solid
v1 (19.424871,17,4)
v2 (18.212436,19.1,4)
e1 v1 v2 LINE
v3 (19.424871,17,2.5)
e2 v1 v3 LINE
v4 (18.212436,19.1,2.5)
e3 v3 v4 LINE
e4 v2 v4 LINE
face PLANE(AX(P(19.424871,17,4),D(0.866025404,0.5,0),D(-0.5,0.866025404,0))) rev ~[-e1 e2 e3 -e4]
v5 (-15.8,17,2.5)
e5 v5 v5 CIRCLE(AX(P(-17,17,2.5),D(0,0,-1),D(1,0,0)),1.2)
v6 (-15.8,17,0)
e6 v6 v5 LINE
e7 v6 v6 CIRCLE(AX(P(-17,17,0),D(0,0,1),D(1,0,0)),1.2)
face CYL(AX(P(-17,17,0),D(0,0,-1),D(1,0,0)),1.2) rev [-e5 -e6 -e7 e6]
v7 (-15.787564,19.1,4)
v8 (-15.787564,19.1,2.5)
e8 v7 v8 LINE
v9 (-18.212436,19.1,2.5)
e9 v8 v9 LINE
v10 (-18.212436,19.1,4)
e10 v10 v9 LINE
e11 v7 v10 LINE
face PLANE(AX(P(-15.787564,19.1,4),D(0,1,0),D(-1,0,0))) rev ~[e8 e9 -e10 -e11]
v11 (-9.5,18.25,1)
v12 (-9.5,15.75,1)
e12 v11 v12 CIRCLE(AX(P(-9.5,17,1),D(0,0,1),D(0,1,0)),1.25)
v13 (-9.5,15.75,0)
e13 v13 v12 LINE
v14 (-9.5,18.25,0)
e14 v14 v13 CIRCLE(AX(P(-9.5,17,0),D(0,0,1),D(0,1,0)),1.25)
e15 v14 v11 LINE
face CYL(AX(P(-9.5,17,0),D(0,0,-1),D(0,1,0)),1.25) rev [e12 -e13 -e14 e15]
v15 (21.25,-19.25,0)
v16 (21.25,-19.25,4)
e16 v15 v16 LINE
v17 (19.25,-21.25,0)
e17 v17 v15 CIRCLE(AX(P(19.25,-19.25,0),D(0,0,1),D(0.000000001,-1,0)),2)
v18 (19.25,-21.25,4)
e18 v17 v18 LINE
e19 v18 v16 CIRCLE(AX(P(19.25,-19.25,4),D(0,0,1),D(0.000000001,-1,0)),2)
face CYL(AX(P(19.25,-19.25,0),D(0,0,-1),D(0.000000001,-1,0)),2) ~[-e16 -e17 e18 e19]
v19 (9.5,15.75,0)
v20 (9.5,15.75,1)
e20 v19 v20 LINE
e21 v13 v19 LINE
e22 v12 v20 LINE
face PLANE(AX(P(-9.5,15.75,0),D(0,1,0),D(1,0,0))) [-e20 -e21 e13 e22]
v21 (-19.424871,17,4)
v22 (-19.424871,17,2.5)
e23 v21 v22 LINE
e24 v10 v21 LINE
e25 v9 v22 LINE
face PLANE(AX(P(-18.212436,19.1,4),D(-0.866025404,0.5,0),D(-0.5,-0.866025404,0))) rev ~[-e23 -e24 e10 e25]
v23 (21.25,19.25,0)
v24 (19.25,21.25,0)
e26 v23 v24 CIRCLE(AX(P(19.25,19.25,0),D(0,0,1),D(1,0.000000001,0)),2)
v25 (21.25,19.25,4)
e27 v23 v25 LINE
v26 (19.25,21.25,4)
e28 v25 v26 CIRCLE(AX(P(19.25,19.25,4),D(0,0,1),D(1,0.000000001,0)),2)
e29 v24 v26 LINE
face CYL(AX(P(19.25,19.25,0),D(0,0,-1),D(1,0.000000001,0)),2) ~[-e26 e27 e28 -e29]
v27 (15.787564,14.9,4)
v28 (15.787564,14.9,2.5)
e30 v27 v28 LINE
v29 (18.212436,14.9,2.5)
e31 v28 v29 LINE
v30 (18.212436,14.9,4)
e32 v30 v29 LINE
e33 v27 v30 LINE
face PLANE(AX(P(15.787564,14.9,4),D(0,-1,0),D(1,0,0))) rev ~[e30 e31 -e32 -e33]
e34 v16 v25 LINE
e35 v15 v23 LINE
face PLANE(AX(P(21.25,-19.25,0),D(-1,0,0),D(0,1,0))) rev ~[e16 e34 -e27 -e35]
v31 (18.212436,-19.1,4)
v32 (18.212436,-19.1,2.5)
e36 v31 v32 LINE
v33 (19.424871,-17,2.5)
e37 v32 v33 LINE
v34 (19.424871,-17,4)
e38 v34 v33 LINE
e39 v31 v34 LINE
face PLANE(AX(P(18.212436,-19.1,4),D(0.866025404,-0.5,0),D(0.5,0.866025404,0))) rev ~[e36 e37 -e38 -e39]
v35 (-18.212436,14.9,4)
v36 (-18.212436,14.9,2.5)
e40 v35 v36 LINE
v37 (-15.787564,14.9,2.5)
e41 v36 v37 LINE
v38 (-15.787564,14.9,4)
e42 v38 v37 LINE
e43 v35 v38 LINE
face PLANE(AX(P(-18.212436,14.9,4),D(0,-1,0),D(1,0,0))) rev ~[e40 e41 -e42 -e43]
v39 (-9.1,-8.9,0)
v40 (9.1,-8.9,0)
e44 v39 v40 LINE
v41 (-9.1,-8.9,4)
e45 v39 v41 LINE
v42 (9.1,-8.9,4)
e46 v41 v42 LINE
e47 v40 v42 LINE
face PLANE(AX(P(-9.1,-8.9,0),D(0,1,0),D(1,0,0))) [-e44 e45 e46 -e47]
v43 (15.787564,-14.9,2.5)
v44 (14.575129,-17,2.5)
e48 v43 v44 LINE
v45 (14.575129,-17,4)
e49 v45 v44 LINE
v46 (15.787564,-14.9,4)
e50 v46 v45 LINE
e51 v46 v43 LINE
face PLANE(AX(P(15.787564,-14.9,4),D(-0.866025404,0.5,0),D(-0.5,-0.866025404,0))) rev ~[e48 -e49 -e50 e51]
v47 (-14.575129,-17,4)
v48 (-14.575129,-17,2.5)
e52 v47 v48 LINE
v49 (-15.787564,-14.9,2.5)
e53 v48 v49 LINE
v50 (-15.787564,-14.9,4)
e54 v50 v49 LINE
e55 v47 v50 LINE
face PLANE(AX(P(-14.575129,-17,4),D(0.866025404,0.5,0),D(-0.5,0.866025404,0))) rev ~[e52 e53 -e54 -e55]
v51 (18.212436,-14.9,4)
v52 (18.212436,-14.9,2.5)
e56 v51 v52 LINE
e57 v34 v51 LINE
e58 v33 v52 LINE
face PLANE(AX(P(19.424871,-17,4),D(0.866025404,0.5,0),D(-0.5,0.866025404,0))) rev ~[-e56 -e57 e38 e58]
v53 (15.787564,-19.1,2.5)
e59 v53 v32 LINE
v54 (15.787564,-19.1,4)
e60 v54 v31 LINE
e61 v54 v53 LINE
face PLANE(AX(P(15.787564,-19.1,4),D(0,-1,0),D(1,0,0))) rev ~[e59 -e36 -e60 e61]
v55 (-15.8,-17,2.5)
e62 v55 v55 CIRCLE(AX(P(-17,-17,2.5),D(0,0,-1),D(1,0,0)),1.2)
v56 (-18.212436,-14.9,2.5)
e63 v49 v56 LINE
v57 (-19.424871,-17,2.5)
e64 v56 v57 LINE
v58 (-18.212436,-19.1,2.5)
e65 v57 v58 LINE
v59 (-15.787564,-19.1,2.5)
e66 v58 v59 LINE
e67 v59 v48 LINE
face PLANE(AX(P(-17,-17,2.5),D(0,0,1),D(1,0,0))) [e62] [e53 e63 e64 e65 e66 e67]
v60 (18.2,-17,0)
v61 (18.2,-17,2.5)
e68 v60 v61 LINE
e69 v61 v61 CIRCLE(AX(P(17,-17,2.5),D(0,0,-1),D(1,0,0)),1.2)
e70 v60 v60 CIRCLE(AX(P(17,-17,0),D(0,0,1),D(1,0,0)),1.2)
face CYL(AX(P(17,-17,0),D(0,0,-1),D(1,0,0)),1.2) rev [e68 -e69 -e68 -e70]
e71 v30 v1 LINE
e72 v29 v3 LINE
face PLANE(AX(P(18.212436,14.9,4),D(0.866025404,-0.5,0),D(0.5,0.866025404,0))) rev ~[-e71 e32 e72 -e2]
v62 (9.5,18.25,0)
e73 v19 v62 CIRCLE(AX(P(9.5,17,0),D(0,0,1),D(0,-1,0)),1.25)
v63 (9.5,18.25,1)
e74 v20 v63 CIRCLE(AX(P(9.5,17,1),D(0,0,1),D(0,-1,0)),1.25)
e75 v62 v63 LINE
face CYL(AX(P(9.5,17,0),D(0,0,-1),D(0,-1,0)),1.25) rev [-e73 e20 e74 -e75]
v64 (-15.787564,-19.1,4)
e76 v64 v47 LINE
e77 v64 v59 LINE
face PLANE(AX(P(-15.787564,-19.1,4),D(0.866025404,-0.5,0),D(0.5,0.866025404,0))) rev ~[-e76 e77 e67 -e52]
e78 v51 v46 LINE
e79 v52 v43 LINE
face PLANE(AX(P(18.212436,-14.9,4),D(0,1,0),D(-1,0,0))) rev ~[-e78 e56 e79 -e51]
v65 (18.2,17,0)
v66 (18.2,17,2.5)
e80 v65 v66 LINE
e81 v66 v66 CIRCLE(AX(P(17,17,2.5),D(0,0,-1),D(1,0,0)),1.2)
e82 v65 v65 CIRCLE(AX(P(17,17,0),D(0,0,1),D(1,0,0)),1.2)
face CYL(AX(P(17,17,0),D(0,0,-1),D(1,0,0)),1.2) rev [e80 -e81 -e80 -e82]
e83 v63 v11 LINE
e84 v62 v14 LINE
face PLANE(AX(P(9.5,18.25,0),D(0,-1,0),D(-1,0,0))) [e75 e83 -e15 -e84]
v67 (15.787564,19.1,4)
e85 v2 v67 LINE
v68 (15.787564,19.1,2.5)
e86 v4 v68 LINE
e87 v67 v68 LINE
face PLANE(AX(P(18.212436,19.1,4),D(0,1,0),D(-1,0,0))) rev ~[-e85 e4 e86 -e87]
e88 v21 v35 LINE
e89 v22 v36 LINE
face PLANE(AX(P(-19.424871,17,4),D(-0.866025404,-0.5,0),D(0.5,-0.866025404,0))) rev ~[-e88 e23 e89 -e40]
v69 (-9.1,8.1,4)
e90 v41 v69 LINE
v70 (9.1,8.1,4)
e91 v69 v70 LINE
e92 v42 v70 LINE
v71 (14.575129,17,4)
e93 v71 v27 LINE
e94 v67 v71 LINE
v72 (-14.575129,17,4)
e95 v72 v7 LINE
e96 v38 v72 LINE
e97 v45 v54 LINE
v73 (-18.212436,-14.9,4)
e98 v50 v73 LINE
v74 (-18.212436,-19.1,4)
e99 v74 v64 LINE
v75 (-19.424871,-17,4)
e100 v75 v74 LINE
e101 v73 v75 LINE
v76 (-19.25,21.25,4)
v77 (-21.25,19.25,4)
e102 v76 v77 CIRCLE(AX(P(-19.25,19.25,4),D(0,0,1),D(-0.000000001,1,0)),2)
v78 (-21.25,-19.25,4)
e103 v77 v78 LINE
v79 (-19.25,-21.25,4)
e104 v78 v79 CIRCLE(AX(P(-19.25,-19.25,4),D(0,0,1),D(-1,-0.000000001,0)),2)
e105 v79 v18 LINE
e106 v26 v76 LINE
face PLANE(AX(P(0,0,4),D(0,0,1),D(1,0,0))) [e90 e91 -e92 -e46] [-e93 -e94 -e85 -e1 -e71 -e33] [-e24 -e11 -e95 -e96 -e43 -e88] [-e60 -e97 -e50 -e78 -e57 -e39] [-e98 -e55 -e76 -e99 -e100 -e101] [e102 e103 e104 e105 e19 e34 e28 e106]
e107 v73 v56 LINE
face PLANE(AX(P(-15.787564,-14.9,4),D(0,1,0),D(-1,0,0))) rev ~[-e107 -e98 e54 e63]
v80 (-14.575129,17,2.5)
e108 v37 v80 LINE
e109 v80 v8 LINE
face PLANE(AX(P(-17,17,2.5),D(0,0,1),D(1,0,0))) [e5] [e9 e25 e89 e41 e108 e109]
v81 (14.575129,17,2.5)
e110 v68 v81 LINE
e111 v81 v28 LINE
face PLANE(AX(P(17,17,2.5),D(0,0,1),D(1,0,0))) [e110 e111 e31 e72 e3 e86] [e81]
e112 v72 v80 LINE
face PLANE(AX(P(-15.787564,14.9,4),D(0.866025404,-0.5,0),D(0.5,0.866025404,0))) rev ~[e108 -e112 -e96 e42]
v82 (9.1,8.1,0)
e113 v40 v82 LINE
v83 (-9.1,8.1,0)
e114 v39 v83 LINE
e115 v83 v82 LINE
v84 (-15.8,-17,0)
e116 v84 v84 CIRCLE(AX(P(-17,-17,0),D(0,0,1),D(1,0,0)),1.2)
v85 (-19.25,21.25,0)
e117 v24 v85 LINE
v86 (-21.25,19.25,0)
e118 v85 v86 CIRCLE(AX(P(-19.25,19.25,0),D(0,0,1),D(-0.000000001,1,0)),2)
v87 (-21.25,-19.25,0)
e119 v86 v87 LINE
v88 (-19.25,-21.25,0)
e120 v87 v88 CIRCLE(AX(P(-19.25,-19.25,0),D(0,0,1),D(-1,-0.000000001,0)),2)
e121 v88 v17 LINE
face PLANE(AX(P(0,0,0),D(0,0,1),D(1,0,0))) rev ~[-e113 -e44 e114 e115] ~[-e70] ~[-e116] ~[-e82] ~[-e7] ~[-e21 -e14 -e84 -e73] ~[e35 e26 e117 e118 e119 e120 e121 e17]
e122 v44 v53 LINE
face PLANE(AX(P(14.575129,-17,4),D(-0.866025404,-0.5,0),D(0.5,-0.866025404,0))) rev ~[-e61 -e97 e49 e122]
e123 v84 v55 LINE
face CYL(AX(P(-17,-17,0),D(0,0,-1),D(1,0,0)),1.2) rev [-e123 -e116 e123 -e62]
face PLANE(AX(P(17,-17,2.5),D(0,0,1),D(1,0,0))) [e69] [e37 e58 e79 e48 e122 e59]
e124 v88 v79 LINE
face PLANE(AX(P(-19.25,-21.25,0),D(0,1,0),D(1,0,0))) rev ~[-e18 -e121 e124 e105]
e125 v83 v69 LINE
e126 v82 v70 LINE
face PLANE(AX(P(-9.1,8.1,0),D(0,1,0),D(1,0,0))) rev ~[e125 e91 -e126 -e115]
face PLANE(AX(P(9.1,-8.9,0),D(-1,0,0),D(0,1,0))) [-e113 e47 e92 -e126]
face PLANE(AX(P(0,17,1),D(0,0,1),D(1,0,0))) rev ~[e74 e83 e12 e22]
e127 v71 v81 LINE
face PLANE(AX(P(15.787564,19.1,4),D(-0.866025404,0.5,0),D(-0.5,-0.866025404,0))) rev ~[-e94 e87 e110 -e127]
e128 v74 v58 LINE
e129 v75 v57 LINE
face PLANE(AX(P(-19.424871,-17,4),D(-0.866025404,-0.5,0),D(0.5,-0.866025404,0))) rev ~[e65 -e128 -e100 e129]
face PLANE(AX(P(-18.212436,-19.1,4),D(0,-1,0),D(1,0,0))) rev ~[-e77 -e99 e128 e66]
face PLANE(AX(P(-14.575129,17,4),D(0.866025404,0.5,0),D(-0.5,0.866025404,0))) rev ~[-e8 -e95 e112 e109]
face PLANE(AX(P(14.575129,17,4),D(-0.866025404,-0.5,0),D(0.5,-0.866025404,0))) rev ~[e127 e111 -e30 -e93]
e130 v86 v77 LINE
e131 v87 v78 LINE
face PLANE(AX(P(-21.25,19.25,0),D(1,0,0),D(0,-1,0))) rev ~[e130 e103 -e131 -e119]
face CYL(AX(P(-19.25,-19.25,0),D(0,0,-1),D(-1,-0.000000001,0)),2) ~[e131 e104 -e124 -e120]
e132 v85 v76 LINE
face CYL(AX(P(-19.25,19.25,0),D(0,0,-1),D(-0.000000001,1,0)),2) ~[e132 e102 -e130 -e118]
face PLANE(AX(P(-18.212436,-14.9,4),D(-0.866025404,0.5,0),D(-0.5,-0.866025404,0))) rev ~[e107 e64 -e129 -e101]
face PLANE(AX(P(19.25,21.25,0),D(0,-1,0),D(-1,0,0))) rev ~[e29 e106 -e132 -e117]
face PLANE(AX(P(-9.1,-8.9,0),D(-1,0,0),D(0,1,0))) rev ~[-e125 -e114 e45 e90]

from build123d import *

# Parameters (mm, degrees)
SKETCH1_R           = 1.2
SKETCH1_W           = 18.2
SKETCH1_H           = 17
BOSS_EXTRUDE1_DEPTH = 4
CUT_EXTRUDE3_DEPTH  = 1
CUT_EXTRUDE4_DEPTH  = 1.5


with BuildPart() as part:
    # Sketch1 → Boss-Extrude1 (new body)
    with BuildSketch(Plane.XY):
        with BuildLine():
            Line((21.25, -19.25), (21.25, 19.25))
            ThreePointArc((21.25, 19.25), (20.664213562, 20.664213562), (19.25, 21.25))
            Line((19.25, 21.25), (-19.25, 21.25))
            ThreePointArc((-19.25, 21.25), (-20.664213562, 20.664213562), (-21.25, 19.25))
            Line((-21.25, 19.25), (-21.25, -19.25))
            ThreePointArc((-21.25, -19.25), (-20.664213562, -20.664213562), (-19.25, -21.25))
            Line((-19.25, -21.25), (19.25, -21.25))
            ThreePointArc((19.25, -21.25), (20.664213562, -20.664213562), (21.25, -19.25))
        make_face()
        with Locations((-17, -17)):
            Circle(SKETCH1_R, mode=Mode.SUBTRACT)
        with Locations((17, -17)):
            Circle(SKETCH1_R, mode=Mode.SUBTRACT)
        with Locations((17, 17)):
            Circle(SKETCH1_R, mode=Mode.SUBTRACT)
        with Locations((-17, 17)):
            Circle(SKETCH1_R, mode=Mode.SUBTRACT)
        with Locations((0, -0.4)):
            Rectangle(SKETCH1_W, SKETCH1_H, mode=Mode.SUBTRACT)
    extrude(amount=BOSS_EXTRUDE1_DEPTH)

    # Sketch2 → Cut-Extrude3 (cut)
    with BuildSketch(Plane(origin=(0, 0, 0), x_dir=(-1, 0, 0), z_dir=(0, 0, -1))):
        with BuildLine():
            Line((-9.5, 18.25), (9.5, 18.25))
            ThreePointArc((9.5, 18.25), (10.75, 17), (9.5, 15.75))
            Line((9.5, 15.75), (-9.5, 15.75))
            ThreePointArc((-9.5, 15.75), (-10.75, 17), (-9.5, 18.25))
        make_face()
    extrude(amount=-CUT_EXTRUDE3_DEPTH, mode=Mode.SUBTRACT)

    # Sketch3 → Cut-Extrude4 (cut)
    with BuildSketch(Plane.XY.offset(4)):
        Polygon((-18.212435565, -14.9), (-19.424871131, -17), (-18.212435565, -19.1), (-15.787564435, -19.1), (-14.575128869, -17), (-15.787564435, -14.9), align=None)
        Polygon((15.787564435, -14.9), (14.575128869, -17), (15.787564435, -19.1), (18.212435565, -19.1), (19.424871131, -17), (18.212435565, -14.9), align=None)
        Polygon((-18.212435565, 19.1), (-19.424871131, 17), (-18.212435565, 14.9), (-15.787564435, 14.9), (-14.575128869, 17), (-15.787564435, 19.1), align=None)
        Polygon((15.787564435, 19.1), (14.575128869, 17), (15.787564435, 14.9), (18.212435565, 14.9), (19.424871131, 17), (18.212435565, 19.1), align=None)
    extrude(amount=-CUT_EXTRUDE4_DEPTH, mode=Mode.SUBTRACT)


solid = part.part
